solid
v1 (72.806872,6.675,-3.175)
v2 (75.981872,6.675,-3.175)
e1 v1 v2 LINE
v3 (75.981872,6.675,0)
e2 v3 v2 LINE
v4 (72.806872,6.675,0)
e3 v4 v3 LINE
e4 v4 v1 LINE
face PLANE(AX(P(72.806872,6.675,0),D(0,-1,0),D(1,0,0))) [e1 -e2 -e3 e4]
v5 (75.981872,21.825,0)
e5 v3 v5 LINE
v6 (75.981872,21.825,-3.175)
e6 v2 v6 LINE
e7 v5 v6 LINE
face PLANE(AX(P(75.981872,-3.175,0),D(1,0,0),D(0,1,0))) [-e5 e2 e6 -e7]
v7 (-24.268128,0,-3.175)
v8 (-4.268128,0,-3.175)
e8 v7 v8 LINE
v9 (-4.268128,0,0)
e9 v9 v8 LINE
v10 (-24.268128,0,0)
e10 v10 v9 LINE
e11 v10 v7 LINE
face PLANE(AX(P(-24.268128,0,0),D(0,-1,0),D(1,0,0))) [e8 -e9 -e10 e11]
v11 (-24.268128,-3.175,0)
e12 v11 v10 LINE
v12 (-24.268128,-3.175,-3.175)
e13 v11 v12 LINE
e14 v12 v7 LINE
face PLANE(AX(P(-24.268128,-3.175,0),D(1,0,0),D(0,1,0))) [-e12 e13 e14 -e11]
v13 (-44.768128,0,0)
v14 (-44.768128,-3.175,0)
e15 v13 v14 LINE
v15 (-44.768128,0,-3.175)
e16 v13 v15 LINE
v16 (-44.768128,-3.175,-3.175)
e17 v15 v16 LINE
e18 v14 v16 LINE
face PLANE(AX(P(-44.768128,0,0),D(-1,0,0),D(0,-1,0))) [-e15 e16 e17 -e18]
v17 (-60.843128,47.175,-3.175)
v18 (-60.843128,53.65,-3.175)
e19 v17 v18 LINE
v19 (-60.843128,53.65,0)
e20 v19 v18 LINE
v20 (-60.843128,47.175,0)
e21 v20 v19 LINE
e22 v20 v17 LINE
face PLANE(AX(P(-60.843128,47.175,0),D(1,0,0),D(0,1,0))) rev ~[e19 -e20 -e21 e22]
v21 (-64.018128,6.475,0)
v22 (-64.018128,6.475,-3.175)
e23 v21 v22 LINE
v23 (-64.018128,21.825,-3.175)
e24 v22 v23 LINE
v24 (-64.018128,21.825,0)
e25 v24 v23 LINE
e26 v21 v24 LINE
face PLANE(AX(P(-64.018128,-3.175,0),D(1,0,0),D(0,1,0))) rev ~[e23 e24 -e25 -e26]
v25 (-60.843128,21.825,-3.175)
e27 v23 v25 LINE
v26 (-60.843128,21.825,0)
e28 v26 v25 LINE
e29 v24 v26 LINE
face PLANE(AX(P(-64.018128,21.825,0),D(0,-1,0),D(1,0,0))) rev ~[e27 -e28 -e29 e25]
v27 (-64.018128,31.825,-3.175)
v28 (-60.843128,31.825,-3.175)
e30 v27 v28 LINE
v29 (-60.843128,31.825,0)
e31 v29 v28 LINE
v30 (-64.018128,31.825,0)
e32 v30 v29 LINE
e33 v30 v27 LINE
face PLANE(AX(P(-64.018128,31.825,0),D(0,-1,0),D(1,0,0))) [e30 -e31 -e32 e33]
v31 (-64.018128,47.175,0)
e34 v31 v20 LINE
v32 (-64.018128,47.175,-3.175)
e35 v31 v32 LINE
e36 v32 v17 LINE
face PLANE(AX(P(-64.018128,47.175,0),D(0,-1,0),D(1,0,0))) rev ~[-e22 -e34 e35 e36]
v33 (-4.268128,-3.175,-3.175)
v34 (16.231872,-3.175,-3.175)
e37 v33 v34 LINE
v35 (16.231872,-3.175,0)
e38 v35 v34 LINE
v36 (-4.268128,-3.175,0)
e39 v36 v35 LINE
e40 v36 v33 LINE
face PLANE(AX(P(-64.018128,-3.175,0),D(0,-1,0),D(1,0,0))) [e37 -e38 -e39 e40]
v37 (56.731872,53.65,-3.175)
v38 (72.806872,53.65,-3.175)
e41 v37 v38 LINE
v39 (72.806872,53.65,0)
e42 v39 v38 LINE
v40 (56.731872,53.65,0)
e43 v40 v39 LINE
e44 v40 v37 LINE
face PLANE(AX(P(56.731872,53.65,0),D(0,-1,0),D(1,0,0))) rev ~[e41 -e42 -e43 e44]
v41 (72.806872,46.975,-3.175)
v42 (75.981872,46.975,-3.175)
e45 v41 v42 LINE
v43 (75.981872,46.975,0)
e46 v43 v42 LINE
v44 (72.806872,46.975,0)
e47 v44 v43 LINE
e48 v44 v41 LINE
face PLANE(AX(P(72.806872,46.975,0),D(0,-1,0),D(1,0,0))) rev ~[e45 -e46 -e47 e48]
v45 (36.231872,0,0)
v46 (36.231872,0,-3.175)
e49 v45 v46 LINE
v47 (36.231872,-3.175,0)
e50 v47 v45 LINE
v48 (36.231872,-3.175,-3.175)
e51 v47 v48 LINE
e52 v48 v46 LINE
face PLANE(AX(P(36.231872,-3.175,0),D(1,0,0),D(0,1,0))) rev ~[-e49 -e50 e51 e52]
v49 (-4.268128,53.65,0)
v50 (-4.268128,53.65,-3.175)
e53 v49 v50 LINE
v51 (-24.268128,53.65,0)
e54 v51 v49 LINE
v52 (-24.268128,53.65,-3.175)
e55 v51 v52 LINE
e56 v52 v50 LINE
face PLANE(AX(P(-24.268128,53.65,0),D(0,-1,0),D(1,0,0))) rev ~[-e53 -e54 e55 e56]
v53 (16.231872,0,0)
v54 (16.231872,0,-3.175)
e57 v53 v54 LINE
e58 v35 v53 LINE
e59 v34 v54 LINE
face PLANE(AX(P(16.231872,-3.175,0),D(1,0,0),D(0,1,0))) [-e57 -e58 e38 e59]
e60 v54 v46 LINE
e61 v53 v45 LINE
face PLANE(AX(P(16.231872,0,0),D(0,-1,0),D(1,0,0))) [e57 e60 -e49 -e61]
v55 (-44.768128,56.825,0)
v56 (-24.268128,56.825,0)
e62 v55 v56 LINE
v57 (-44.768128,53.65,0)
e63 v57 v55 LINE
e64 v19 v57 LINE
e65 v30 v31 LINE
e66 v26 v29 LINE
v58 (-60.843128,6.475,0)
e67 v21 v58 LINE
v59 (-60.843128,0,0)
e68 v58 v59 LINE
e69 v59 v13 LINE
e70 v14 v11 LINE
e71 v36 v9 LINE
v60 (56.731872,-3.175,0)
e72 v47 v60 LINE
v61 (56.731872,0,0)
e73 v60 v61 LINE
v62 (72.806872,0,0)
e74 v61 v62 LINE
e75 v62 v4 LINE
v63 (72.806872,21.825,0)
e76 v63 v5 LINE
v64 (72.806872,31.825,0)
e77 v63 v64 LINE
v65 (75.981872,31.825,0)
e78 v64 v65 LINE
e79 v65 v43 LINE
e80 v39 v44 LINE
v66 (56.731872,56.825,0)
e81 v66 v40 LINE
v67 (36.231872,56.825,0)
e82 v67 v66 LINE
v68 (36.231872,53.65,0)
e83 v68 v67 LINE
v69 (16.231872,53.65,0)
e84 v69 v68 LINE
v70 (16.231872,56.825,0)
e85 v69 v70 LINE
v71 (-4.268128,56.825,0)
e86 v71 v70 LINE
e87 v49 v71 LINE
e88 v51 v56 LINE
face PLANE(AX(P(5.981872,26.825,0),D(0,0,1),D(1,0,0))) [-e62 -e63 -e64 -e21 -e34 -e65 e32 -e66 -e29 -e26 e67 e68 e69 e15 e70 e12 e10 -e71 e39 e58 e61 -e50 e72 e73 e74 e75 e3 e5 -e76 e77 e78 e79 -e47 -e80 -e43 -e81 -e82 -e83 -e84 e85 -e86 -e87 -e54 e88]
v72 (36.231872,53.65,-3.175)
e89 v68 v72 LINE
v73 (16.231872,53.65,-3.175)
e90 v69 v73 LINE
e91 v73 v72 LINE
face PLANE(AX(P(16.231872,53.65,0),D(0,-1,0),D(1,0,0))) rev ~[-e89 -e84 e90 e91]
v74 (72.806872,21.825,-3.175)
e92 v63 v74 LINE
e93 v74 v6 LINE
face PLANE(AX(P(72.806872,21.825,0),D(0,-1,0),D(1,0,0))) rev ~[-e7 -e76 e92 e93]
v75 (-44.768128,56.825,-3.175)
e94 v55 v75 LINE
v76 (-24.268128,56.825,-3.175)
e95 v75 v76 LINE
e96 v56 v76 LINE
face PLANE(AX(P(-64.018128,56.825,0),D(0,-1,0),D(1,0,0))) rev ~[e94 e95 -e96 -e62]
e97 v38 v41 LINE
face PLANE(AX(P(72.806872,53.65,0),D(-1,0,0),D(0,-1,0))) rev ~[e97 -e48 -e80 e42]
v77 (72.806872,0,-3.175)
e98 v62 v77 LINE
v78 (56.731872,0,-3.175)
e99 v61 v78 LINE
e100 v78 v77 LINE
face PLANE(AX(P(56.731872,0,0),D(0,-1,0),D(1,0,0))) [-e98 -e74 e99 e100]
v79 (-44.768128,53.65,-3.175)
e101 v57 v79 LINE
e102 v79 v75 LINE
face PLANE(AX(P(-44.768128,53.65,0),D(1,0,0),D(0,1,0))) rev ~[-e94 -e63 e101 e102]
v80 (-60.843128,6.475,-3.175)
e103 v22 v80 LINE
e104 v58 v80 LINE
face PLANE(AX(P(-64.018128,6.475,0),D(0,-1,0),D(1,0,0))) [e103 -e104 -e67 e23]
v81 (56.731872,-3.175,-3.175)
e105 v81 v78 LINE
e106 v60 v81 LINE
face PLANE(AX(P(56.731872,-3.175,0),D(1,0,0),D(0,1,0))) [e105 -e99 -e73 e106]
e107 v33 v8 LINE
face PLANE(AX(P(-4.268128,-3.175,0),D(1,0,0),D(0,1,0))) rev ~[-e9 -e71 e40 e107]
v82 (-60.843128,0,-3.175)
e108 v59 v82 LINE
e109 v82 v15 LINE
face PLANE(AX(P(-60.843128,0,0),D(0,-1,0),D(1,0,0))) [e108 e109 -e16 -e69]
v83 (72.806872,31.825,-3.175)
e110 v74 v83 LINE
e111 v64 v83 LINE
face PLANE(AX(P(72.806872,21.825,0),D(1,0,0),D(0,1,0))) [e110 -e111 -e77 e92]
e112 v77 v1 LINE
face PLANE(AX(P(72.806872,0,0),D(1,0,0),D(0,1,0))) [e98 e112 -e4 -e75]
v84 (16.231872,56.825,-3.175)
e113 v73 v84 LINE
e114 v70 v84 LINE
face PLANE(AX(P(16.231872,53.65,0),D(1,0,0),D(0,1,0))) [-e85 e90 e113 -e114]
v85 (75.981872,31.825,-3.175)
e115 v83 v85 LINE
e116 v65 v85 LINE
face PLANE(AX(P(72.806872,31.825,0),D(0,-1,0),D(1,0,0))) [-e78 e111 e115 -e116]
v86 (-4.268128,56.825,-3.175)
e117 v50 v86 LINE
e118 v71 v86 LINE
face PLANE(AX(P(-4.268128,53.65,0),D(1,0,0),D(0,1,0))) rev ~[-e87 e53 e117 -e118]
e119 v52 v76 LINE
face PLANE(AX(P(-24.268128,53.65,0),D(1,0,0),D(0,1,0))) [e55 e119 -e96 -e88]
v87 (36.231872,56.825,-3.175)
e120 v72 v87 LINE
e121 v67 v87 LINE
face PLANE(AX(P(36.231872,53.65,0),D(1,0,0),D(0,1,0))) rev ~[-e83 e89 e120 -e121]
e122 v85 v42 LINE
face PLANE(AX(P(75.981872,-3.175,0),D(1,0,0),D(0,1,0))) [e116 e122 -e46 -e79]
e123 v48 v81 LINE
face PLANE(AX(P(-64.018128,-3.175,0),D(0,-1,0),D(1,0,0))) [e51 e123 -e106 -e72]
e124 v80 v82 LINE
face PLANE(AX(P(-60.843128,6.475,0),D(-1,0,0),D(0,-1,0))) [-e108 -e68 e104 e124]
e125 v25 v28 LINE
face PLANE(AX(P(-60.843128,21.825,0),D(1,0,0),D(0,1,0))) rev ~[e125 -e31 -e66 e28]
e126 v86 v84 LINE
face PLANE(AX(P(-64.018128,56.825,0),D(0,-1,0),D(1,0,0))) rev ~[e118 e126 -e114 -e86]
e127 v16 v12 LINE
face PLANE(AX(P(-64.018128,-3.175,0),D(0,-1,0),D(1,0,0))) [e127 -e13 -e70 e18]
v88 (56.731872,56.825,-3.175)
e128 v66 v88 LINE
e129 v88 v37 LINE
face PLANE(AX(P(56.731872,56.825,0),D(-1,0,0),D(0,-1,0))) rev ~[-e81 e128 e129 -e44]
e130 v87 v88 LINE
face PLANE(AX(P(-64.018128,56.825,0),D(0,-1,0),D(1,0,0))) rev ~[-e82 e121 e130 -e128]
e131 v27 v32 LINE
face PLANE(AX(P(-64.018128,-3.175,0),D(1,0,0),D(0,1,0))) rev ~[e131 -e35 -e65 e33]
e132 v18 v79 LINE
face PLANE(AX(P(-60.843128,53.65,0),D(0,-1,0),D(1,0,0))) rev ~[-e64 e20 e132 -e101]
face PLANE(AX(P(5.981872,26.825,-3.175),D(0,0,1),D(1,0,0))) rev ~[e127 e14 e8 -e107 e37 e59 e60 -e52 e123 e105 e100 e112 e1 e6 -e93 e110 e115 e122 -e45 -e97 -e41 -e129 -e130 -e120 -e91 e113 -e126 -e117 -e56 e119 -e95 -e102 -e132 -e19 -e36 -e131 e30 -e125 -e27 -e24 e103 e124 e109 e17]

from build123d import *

# Parameters (mm, degrees)
SKETCH1_W           = 140
SKETCH1_H           = 60
BOSS_EXTRUDE1_DEPTH = 3.175
SKETCH2_W           = 20
SKETCH2_H           = 3.175
SKETCH2_W_2         = 3.175
SKETCH2_H_2         = 10
CUT_EXTRUDE1_DEPTH  = 3.175


with BuildPart() as part:
    # Sketch1 → Boss-Extrude1 (new body)
    with BuildSketch(Plane.XY):
        with Locations((5.981871877, 26.825)):
            Rectangle(SKETCH1_W, SKETCH1_H)
    extrude(amount=-BOSS_EXTRUDE1_DEPTH)

    # Sketch2 → Cut-Extrude1 (cut)
    with BuildSketch(Plane.XY):
        Polygon((-60.843128123, 0), (-44.768128123, 0), (-44.768128123, -3.175), (-64.018128123, -3.175), (-64.018128123, 0), (-64.018128123, 6.475), (-60.843128123, 6.475), align=None)
        Polygon((56.731871877, 0), (72.806871877, 0), (72.806871877, 6.675), (75.981871877, 6.675), (75.981871877, 0), (75.981871877, -3.175), (56.731871877, -3.175), align=None)
        Polygon((75.981871877, 46.975), (75.981871877, 53.65), (75.981871877, 56.825), (56.731871877, 56.825), (56.731871877, 53.65), (72.806871877, 53.65), (72.806871877, 46.975), align=None)
        with Locations((26.231871877, 55.2375)):
            Rectangle(SKETCH2_W, SKETCH2_H)
        with Locations((-14.268128123, 55.2375)):
            Rectangle(SKETCH2_W, SKETCH2_H)
        Polygon((-64.018128123, 56.825), (-64.018128123, 53.65), (-64.018128123, 47.175), (-60.843128123, 47.175), (-60.843128123, 53.65), (-44.768128123, 53.65), (-44.768128123, 56.825), align=None)
        with Locations((74.394371877, 26.825)):
            Rectangle(SKETCH2_W_2, SKETCH2_H_2)
        with Locations((-62.430628123, 26.825)):
            Rectangle(SKETCH2_W_2, SKETCH2_H_2)
        with Locations((-14.268128123, -1.5875)):
            Rectangle(SKETCH2_W, SKETCH2_H)
        with Locations((26.231871877, -1.5875)):
            Rectangle(SKETCH2_W, SKETCH2_H)
    extrude(amount=-CUT_EXTRUDE1_DEPTH, mode=Mode.SUBTRACT)


solid = part.part
